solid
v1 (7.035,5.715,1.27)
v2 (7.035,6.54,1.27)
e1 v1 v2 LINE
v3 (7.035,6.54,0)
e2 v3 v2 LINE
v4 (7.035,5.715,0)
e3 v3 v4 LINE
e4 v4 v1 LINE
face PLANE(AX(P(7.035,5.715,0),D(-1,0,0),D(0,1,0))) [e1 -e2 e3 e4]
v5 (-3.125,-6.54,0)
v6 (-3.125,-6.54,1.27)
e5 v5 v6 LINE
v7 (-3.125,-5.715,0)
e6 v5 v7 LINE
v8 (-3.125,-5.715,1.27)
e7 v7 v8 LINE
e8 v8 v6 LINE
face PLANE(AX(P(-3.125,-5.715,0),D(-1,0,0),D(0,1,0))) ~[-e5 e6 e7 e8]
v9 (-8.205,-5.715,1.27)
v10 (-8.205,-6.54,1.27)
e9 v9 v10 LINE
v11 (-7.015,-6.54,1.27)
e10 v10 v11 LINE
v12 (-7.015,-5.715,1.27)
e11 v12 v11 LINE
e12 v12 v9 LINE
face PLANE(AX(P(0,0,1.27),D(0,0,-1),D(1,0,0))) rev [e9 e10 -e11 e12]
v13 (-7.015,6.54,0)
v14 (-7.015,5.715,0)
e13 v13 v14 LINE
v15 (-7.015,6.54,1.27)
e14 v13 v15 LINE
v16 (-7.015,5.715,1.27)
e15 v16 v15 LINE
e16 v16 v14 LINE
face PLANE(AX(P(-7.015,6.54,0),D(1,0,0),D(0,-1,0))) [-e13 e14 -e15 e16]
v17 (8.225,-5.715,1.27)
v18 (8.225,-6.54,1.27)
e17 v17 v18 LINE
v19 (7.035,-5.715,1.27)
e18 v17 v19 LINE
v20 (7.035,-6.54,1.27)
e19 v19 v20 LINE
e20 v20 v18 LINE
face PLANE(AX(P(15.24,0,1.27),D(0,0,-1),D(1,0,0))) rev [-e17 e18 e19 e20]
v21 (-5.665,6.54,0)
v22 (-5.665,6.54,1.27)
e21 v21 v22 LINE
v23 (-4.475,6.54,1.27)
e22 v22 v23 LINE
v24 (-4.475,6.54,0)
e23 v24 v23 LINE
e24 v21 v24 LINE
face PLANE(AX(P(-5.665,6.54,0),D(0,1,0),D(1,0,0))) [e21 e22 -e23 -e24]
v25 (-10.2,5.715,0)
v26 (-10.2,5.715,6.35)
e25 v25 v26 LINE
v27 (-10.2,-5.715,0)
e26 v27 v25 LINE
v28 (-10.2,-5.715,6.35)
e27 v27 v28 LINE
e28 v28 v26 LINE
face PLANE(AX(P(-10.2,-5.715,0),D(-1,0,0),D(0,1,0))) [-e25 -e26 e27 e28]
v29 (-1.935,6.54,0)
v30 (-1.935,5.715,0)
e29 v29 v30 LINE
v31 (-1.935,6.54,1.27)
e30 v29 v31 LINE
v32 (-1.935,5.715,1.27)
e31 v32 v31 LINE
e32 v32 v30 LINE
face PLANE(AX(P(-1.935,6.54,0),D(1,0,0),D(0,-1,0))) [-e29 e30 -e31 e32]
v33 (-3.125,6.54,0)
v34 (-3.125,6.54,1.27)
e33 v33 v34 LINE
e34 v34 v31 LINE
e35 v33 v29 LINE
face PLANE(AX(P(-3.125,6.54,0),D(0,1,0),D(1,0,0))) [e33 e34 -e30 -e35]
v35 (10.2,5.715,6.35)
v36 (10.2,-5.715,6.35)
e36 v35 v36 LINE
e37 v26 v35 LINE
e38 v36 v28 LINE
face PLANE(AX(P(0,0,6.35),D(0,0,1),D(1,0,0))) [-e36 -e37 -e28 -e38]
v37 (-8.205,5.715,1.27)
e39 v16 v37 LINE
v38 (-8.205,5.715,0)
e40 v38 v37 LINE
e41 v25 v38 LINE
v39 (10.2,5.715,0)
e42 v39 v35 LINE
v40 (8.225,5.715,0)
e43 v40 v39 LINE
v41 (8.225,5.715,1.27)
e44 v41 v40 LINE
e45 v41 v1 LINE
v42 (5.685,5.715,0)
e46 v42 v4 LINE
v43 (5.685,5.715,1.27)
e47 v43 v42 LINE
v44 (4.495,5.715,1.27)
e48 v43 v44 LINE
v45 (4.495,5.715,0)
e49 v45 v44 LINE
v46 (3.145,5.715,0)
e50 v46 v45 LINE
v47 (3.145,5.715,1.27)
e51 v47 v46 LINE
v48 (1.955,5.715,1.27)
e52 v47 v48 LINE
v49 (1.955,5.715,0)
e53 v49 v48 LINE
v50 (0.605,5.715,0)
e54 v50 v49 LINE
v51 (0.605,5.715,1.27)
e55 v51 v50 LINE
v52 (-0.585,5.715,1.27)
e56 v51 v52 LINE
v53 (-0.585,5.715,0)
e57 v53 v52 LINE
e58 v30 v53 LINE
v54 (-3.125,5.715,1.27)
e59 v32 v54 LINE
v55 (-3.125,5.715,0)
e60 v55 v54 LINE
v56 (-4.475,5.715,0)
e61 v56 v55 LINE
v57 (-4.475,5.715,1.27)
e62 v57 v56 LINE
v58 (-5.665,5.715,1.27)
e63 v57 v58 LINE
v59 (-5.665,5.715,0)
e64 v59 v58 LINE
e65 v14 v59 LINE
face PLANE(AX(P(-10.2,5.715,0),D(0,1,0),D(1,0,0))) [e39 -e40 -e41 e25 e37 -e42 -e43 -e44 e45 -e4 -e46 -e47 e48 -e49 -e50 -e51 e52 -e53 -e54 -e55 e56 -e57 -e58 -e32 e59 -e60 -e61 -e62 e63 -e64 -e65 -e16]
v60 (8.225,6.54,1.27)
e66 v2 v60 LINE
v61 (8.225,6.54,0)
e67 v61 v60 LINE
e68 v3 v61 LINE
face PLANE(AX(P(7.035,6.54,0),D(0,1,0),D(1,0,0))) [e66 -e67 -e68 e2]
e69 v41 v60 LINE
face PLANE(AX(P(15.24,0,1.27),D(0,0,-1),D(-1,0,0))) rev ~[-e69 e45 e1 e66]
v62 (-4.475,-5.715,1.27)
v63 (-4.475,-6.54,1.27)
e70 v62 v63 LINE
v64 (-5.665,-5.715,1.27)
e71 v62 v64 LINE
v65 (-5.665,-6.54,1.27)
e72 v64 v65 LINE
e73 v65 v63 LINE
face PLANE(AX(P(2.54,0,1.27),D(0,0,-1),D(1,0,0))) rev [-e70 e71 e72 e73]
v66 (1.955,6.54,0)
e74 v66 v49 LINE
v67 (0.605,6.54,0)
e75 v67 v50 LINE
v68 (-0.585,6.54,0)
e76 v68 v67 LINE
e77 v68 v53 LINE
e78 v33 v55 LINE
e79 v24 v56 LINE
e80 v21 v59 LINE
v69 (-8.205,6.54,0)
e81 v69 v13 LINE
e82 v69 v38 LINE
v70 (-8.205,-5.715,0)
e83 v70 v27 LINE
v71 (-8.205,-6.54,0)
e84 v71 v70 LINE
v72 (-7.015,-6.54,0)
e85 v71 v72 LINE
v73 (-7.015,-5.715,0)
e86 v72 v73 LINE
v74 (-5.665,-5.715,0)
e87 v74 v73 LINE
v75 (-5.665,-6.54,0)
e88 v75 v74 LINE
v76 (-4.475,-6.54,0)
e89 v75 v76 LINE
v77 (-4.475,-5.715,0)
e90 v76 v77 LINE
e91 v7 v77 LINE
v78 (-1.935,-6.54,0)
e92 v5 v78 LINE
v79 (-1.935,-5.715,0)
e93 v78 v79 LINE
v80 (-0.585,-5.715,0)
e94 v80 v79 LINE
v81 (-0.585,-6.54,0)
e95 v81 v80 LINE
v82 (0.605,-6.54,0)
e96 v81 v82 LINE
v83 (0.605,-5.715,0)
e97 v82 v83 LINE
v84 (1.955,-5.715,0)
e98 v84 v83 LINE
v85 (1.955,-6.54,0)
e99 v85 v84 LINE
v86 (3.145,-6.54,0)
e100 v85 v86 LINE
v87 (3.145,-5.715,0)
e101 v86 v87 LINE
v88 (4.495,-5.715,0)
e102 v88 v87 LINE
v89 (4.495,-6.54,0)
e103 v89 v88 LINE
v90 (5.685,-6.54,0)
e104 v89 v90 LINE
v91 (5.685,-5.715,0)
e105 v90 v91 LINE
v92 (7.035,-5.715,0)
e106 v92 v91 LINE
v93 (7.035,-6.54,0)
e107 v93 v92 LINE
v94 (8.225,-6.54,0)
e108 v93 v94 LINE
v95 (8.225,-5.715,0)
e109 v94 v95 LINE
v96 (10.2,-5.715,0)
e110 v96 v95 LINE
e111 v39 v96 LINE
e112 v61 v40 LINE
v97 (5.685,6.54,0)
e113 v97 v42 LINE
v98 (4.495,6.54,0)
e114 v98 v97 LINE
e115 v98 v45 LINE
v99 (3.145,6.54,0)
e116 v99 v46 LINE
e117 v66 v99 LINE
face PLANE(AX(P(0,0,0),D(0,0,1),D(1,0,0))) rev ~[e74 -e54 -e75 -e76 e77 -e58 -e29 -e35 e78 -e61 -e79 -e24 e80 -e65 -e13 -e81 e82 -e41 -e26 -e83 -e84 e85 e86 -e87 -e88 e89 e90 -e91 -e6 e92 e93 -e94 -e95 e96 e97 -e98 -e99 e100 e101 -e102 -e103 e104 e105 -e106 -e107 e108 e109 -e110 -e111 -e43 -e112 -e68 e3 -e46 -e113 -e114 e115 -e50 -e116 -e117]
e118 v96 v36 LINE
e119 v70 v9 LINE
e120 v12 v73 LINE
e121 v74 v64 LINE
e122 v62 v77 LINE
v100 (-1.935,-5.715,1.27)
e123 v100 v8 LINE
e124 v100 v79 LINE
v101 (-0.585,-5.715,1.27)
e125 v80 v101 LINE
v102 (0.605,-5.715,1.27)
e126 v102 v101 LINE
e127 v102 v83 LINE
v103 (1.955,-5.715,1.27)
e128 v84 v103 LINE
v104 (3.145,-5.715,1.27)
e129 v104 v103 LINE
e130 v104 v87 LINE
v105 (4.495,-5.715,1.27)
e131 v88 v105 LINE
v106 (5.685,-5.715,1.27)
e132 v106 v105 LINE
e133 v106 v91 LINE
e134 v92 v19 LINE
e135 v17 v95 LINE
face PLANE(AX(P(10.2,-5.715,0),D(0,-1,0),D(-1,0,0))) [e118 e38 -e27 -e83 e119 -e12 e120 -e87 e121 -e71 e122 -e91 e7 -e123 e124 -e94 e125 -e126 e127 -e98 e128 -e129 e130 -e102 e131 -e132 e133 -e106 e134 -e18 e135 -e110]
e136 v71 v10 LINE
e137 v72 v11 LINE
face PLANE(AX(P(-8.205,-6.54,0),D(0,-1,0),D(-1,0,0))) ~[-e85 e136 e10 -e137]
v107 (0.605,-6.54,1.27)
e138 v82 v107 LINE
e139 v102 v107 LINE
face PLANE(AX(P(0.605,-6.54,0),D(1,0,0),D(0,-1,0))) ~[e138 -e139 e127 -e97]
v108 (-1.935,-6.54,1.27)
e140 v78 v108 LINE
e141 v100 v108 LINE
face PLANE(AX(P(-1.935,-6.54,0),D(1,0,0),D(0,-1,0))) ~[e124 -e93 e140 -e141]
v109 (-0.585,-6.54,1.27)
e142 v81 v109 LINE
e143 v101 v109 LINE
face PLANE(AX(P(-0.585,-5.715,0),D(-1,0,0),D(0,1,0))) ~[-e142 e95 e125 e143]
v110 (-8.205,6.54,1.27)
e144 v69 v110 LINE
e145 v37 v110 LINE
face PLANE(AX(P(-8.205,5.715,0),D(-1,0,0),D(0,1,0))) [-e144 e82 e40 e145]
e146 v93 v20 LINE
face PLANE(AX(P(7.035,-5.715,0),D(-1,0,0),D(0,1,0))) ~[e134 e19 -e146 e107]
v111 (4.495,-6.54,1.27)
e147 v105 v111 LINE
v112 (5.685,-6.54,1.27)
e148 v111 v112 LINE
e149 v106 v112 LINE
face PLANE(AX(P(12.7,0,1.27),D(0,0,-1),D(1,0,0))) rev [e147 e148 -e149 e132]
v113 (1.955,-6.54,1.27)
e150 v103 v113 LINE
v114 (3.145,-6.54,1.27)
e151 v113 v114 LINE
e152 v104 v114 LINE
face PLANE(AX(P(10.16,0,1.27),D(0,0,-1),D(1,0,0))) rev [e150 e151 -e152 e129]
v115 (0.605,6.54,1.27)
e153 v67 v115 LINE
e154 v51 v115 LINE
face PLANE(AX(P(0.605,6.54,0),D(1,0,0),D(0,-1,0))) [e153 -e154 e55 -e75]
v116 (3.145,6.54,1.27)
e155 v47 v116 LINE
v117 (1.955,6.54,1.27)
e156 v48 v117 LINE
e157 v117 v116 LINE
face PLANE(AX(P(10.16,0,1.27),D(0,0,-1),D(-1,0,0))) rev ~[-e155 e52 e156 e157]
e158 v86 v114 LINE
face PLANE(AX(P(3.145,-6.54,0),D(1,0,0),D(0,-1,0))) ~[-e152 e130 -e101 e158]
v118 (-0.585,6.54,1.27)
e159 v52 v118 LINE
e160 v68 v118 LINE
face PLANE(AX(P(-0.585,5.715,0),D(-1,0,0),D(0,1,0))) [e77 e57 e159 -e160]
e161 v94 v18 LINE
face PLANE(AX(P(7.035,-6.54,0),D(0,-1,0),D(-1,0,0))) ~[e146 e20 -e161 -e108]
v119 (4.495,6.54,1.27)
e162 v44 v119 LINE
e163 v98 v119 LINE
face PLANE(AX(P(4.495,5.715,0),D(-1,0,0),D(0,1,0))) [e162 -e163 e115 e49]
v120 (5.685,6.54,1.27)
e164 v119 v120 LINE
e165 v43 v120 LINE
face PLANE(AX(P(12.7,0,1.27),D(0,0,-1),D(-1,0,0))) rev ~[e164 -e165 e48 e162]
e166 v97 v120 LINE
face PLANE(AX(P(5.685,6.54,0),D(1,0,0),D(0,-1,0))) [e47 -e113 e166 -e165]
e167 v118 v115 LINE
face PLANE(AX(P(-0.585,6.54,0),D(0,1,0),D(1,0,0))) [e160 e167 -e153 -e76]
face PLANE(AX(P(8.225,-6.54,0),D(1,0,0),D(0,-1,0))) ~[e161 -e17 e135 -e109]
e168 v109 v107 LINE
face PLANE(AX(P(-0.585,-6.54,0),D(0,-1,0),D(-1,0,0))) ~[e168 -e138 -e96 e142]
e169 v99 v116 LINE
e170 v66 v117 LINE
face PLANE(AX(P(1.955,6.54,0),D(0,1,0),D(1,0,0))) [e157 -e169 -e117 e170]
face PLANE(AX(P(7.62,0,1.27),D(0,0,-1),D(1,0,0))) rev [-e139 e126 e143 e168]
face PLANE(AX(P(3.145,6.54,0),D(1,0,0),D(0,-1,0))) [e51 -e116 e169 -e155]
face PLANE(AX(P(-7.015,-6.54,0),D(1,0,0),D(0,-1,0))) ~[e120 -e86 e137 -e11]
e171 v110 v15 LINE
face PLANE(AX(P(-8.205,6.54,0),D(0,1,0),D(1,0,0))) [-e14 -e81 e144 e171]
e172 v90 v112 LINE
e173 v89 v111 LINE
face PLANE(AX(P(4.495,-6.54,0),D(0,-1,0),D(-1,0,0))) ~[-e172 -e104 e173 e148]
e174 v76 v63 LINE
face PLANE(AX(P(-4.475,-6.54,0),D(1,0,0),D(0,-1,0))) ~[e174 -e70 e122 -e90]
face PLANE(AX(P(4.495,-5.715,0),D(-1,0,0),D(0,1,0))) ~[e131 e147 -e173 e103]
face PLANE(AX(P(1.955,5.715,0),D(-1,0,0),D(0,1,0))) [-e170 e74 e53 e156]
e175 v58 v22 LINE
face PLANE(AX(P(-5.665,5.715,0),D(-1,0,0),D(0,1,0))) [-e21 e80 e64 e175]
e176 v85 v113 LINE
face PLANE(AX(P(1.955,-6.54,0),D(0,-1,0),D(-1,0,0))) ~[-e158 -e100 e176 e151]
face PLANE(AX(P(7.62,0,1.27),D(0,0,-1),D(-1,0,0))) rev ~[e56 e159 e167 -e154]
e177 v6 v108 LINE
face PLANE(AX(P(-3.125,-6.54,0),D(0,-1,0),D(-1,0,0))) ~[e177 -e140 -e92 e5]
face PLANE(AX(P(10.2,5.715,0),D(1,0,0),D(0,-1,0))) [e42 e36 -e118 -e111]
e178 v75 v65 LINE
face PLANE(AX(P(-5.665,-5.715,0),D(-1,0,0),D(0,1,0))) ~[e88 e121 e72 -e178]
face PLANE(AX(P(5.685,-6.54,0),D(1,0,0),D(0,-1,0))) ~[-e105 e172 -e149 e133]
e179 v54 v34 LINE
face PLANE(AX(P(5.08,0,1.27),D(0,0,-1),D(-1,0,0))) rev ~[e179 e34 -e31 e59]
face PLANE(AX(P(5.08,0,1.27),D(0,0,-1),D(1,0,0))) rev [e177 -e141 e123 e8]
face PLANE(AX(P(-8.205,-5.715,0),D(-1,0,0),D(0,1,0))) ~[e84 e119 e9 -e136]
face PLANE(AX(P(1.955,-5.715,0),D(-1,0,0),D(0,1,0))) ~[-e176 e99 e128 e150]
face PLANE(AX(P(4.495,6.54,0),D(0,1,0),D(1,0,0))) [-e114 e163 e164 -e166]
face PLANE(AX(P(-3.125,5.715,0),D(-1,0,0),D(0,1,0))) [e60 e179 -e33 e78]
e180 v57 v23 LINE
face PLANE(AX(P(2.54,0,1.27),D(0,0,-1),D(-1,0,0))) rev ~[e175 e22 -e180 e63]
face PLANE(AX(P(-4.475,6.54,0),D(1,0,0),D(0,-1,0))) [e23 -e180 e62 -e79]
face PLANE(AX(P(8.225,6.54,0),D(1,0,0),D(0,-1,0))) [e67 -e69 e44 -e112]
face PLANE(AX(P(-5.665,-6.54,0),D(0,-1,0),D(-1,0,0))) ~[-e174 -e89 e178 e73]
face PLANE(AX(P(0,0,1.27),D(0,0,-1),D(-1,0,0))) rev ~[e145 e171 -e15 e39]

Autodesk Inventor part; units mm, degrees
ref_plane "YZ Plane" through (0, 0, 0) normal (1, 0, 0) x (0, 1, 0)
ref_plane "XZ Plane" through (0, 0, 0) normal (0, 1, 0) x (-1, 0, 0)
ref_plane "XY Plane" through (0, 0, 0) normal (0, 0, 1) x (1, 0, 0)
sketch "Sketch1" plane through (0, 0, 0) normal (0, 0, 1) x (1, 0, 0)
  line L0 (-10.2, 5.715) -> (10.2, 5.715)
  line L1 (10.2, 5.715) -> (10.2, -5.715)
  line L2 (10.2, -5.715) -> (-10.2, -5.715)
  line L3 (-10.2, -5.715) -> (-10.2, 5.715)
  point P0 (0, 0)
  dimension "d0" = 20.4
  dimension "d1" = 10.2
  dimension "d2" = 11.43
  dimension "d3" = 5.715
extrude "Extrusion1" add sketch "Sketch1" along normal blind 6.35
sketch "Sketch2" plane through (0, 0, 0) normal (0, 0, -1) x (-1, 0, 0)
  line L0 (8.205, 6.54) -> (7.015, 6.54)
  line L1 (7.015, 6.54) -> (7.015, 4.89)
  line L2 (7.015, 4.89) -> (8.205, 4.89)
  line L3 (8.205, 4.89) -> (8.205, 6.54)
  line L4 (10.2, 5.715) -> (-10.2, 5.715) projected
  line L5 (10.2, -5.715) -> (10.2, 5.715) projected
  point P0 (0, 0)
  dimension "d6" = 1.65
  dimension "d7" = 0.825
  dimension "d8" = 1.19
  dimension "d9" = 1.995
extrude "Extrusion2" add sketch "Sketch2" against normal blind 1.27
pattern_linear "Rectangular Pattern1" count 7 spacing 2.54 along (1, 0, 0) of "Extrusion2"
mirror "Mirror1" about plane through (0, 0, 0) normal (0, 1, 0) of "Extrusion2", "Rectangular Pattern1"
properties part number "MC_BK276"
